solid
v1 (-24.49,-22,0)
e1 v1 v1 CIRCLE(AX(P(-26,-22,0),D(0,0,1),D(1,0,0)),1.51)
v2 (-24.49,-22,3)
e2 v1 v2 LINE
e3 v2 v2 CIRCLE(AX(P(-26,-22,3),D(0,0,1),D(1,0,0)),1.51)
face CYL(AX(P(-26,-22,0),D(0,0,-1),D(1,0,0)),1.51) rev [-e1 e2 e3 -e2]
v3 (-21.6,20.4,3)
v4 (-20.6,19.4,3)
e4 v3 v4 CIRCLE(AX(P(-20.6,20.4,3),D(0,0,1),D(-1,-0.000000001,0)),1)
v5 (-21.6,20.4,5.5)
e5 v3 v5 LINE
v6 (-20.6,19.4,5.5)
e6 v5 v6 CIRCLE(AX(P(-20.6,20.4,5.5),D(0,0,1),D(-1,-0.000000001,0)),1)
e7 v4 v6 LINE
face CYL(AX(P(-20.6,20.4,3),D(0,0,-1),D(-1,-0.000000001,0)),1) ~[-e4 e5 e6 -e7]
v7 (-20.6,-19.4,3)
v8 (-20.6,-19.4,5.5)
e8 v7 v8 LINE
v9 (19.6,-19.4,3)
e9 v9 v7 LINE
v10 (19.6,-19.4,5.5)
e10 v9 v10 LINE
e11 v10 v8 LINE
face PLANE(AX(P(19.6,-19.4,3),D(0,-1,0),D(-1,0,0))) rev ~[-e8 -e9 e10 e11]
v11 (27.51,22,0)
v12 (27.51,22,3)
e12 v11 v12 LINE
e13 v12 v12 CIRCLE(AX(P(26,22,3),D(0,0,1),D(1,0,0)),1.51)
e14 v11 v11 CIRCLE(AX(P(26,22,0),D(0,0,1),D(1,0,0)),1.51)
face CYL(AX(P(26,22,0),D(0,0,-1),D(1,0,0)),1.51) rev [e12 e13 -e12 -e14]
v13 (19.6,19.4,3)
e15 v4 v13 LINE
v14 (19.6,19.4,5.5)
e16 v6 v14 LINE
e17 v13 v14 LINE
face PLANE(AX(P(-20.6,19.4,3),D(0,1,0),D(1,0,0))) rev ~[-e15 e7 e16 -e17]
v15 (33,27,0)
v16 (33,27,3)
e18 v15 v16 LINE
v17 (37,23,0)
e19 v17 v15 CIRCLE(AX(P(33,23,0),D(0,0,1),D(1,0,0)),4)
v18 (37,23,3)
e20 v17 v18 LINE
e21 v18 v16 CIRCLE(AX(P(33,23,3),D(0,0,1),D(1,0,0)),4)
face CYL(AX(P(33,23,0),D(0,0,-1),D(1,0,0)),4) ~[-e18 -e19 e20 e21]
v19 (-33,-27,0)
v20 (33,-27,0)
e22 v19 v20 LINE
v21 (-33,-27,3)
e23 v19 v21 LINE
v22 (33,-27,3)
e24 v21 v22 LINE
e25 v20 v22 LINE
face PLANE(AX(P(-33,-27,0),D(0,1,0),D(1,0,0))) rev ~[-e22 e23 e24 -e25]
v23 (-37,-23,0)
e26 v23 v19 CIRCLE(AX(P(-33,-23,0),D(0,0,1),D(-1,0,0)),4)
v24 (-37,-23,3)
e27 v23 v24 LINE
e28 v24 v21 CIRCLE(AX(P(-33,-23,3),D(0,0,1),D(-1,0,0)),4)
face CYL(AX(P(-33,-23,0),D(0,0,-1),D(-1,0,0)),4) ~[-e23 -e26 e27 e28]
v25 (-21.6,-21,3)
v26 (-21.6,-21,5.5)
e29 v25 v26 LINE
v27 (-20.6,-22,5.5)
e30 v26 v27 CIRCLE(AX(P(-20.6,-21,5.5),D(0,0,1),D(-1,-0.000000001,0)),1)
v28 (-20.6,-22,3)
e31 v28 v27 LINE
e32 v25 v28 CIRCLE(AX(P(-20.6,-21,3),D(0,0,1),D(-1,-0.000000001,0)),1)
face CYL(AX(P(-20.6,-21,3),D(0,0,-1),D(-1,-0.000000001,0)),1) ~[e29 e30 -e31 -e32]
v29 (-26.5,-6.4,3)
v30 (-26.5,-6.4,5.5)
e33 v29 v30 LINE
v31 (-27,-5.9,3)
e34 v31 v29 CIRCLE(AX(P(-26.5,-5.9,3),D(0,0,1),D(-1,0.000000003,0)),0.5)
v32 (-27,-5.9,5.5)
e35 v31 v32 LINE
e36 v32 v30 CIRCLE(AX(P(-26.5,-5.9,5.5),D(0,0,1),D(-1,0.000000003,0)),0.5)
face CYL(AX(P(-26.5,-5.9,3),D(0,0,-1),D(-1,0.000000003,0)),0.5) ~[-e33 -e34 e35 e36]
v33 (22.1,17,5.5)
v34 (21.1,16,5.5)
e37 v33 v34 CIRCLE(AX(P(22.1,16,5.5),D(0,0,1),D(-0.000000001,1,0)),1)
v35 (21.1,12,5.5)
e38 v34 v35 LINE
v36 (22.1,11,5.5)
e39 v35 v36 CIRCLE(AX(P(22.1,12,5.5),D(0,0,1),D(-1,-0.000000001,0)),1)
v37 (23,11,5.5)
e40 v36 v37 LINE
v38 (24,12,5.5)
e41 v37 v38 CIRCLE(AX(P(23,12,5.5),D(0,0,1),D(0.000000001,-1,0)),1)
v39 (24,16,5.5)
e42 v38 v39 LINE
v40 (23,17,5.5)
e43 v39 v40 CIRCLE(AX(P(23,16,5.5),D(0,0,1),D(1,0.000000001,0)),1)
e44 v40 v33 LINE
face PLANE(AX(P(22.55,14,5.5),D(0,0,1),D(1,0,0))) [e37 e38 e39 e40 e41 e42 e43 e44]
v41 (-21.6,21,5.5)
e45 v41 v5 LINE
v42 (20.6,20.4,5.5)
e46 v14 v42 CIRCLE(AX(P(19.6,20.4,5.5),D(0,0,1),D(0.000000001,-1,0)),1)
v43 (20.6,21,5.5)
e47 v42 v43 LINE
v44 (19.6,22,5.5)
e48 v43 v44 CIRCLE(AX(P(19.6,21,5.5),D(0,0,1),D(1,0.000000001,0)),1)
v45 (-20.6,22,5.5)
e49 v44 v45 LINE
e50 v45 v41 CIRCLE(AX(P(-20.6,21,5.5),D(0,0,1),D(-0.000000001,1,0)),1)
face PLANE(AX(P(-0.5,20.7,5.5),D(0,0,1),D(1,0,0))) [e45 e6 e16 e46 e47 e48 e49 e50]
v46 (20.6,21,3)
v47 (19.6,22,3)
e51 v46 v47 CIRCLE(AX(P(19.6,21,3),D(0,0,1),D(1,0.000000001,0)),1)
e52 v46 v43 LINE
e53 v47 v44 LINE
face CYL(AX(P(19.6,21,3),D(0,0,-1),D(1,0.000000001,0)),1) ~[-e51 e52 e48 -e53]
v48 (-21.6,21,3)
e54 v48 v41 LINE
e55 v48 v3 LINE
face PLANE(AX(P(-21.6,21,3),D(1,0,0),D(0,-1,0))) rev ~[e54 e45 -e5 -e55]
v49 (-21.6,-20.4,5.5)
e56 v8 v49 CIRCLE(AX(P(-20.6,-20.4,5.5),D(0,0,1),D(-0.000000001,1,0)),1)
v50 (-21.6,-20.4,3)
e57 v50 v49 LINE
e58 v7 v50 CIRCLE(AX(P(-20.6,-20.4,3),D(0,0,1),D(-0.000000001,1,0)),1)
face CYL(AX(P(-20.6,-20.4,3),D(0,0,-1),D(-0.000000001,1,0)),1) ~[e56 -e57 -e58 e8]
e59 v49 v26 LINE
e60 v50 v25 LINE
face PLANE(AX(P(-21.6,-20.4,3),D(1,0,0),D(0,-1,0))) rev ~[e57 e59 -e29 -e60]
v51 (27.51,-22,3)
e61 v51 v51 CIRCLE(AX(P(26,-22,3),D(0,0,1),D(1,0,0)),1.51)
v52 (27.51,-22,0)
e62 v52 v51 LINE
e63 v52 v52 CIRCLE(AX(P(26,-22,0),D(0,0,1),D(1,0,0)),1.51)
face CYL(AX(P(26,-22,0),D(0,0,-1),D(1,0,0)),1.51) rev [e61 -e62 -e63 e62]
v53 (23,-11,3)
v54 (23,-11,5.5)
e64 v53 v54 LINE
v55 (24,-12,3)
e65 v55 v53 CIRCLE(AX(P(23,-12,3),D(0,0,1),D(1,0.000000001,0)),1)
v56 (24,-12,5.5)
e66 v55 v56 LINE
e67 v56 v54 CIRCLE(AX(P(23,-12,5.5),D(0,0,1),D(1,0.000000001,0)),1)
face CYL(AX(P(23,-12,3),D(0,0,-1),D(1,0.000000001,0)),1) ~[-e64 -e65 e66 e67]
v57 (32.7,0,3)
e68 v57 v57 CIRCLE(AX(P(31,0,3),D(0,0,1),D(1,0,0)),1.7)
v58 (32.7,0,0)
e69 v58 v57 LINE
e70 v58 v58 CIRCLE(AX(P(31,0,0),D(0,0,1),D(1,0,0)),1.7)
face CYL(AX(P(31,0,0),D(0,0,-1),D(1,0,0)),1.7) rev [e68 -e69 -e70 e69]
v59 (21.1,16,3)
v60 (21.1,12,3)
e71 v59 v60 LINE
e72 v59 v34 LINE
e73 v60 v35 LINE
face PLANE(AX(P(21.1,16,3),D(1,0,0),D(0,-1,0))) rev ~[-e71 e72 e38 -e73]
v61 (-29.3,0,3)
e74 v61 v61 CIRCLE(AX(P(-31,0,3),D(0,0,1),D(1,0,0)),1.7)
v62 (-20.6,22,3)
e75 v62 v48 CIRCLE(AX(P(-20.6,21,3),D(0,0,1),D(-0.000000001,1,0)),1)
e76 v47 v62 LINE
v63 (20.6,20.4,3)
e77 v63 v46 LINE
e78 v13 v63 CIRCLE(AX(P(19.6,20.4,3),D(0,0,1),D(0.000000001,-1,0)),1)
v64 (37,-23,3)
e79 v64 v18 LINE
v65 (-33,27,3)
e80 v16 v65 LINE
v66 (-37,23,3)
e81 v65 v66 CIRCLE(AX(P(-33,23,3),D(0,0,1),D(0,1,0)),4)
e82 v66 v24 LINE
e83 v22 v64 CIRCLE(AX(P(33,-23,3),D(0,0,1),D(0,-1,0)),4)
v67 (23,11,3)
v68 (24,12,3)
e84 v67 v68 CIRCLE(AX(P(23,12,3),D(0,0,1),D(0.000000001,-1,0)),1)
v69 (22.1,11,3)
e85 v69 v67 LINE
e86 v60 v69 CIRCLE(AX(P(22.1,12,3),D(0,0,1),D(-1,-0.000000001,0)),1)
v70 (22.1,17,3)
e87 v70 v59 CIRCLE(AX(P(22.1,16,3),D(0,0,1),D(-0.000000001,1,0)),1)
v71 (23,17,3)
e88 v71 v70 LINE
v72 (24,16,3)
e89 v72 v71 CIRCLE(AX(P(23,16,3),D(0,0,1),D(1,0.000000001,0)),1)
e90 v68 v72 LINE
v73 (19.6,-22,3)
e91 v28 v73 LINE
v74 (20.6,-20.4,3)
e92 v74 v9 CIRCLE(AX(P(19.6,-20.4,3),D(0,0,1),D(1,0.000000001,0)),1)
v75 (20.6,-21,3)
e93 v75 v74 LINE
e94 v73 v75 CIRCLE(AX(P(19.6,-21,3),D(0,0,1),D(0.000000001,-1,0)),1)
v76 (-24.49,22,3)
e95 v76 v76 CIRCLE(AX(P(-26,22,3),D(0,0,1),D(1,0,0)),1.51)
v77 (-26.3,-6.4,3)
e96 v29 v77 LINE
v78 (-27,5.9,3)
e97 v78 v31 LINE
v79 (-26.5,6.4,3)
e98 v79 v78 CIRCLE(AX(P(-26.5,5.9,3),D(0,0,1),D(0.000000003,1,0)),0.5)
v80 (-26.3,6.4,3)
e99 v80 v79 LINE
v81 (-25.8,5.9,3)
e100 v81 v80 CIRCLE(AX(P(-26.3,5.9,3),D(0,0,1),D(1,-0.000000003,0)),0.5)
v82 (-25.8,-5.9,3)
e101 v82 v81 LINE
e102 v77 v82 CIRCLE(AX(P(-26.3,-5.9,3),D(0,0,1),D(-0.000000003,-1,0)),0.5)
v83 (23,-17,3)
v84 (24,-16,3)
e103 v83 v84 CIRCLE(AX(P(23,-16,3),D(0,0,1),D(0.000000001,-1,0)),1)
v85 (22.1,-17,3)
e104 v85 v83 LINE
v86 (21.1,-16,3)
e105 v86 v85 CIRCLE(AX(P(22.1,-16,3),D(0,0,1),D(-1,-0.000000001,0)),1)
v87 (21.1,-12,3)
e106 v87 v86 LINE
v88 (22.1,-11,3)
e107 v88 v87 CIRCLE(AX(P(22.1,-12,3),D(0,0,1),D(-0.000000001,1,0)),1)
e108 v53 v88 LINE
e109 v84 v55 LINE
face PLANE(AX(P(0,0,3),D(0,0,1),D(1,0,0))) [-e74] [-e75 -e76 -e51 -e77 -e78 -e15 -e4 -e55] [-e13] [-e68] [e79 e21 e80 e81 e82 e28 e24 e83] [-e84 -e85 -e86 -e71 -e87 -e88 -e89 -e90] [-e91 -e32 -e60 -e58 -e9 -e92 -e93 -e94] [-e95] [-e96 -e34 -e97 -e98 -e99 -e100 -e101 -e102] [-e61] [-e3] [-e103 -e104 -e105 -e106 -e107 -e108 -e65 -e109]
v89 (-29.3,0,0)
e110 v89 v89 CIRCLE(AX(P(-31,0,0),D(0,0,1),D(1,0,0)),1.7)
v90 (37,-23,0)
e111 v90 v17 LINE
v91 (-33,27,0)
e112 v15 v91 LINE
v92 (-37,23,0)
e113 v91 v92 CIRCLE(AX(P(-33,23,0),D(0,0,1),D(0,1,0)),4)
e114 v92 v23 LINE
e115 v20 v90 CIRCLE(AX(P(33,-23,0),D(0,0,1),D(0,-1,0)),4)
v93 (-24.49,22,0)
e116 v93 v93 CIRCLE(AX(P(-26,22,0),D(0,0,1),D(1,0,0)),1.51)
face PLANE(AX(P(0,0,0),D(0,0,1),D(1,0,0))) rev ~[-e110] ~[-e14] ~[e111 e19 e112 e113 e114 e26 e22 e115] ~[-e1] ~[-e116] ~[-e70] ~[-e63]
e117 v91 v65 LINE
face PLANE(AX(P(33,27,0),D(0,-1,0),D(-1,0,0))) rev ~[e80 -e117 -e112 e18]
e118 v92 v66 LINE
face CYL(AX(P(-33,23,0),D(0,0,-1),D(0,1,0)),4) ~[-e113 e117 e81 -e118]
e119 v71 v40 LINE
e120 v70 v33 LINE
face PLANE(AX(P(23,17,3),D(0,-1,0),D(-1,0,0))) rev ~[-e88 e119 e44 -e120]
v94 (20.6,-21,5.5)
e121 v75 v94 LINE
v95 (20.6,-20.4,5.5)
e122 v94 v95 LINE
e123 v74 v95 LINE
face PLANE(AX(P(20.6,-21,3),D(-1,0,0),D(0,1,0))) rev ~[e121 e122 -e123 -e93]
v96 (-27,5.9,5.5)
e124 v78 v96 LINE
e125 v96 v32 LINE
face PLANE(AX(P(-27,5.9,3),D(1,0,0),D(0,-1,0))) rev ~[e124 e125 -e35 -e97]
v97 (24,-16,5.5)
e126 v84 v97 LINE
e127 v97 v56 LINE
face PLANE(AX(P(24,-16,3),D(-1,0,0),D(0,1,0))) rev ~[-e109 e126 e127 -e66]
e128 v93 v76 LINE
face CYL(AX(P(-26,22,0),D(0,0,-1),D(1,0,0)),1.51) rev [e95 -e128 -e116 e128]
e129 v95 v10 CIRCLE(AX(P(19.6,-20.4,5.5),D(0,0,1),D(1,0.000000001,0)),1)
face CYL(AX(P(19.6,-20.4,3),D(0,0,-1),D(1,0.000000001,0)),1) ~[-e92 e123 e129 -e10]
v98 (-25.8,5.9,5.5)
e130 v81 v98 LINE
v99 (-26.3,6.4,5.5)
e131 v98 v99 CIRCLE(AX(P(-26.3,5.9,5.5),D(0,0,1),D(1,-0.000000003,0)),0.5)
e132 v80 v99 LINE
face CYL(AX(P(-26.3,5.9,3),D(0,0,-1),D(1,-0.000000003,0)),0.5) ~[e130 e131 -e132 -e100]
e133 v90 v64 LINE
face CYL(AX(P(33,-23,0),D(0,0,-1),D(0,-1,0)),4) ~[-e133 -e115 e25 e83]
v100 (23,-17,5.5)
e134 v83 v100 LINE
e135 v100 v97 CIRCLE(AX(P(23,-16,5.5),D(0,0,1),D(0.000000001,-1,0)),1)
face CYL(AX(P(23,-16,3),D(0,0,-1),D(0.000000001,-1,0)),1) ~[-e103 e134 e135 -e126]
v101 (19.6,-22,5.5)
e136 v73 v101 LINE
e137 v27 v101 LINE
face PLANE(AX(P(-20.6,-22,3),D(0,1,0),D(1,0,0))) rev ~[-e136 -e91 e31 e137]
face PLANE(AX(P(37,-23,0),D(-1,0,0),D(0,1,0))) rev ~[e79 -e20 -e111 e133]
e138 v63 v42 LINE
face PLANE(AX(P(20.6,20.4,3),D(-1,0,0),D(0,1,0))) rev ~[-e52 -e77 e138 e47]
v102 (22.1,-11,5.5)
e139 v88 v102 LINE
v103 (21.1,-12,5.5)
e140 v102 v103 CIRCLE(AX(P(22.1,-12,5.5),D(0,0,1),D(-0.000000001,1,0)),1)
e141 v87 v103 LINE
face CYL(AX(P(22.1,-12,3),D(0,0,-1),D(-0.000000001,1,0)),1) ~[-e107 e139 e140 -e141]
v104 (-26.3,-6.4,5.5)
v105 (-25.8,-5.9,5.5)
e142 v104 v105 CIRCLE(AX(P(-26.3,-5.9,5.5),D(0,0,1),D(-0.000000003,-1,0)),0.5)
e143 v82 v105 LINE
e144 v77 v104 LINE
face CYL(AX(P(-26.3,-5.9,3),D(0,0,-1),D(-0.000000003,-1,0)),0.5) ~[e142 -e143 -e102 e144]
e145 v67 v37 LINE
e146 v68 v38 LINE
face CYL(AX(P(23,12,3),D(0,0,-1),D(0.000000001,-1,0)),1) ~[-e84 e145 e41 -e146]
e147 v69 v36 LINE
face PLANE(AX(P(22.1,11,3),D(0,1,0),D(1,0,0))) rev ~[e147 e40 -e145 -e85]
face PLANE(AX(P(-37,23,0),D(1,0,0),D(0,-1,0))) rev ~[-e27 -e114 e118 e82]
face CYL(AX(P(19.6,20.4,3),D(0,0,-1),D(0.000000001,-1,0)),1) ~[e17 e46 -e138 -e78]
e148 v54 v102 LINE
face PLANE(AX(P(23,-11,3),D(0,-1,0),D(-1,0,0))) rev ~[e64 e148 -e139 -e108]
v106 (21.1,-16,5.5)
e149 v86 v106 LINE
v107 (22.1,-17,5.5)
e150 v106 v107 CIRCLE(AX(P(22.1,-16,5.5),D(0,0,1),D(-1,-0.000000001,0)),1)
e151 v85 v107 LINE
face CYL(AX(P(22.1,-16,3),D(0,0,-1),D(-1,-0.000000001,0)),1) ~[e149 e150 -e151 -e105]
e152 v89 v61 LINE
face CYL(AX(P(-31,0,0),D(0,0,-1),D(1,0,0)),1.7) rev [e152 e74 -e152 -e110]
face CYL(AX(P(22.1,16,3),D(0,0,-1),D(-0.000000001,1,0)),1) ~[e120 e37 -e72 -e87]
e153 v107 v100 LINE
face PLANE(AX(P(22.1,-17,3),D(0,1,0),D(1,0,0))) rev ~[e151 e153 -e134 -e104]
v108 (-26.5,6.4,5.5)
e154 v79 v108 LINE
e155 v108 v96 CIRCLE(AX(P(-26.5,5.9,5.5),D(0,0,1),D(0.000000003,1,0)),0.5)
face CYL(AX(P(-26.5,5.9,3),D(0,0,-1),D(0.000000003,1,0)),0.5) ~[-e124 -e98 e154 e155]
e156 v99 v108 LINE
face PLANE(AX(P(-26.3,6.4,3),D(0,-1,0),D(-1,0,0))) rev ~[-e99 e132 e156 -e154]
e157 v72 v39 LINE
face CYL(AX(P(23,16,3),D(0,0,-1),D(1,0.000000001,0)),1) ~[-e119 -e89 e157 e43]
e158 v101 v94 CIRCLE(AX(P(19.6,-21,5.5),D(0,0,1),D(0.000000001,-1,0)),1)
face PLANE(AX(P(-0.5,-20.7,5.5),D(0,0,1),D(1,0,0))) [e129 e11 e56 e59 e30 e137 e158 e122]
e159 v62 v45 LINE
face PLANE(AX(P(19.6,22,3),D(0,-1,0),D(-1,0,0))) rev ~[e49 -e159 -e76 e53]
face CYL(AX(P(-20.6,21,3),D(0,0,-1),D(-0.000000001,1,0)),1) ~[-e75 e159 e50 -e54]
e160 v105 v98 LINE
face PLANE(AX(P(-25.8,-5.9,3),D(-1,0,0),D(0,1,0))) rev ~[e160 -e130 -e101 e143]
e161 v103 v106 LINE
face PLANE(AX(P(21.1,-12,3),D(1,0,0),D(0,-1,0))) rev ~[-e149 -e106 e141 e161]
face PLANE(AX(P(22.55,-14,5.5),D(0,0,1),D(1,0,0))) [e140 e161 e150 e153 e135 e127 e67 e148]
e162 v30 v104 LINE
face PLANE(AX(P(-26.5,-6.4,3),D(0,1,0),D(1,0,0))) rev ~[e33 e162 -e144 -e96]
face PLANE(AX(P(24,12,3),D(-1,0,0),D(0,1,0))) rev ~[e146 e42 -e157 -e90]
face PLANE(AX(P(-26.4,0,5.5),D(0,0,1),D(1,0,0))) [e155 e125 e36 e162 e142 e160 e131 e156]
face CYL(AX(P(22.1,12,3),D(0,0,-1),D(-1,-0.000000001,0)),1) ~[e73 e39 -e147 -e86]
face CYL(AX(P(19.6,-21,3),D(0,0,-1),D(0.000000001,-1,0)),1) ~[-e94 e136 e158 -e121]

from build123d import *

# Parameters (mm, degrees)
OUTER_BED_74X54X3_SKETCH_R        = 1.51
OUTER_BED_74X54X3_SKETCH_R_2      = 1.7
OUTER_BED_74X54X3_DEPTH           = 3
FACTORY_CASE_LOCATING_STOPS_START = 3
FACTORY_CASE_LOCATING_STOPS_DEPTH = 2.5


with BuildPart() as part:
    # Outer_bed_74x54x3_Sketch → Outer_bed_74x54x3 (new body)
    with BuildSketch(Plane.XY):
        with BuildLine():
            Line((-33, -27), (33, -27))
            ThreePointArc((33, -27), (35.828427125, -25.828427125), (37, -23))
            Line((37, -23), (37, 23))
            ThreePointArc((37, 23), (35.828427125, 25.828427125), (33, 27))
            Line((33, 27), (-33, 27))
            ThreePointArc((-33, 27), (-35.828427125, 25.828427125), (-37, 23))
            Line((-37, 23), (-37, -23))
            ThreePointArc((-37, -23), (-35.828427125, -25.828427125), (-33, -27))
        make_face()
        with Locations((-26, -22)):
            Circle(OUTER_BED_74X54X3_SKETCH_R, mode=Mode.SUBTRACT)
        with Locations((-26, 22)):
            Circle(OUTER_BED_74X54X3_SKETCH_R, mode=Mode.SUBTRACT)
        with Locations((26, -22)):
            Circle(OUTER_BED_74X54X3_SKETCH_R, mode=Mode.SUBTRACT)
        with Locations((26, 22)):
            Circle(OUTER_BED_74X54X3_SKETCH_R, mode=Mode.SUBTRACT)
        with Locations((-31, 0)):
            Circle(OUTER_BED_74X54X3_SKETCH_R_2, mode=Mode.SUBTRACT)
        with Locations((31, 0)):
            Circle(OUTER_BED_74X54X3_SKETCH_R_2, mode=Mode.SUBTRACT)
    extrude(amount=OUTER_BED_74X54X3_DEPTH)

    # Factory_case_locating_stops_Sketch → Factory_case_locating_stops (add)
    with BuildSketch(Plane.XY.offset(FACTORY_CASE_LOCATING_STOPS_START)):
        with BuildLine():
            Line((-20.6, -22), (19.6, -22))
            ThreePointArc((19.6, -22), (20.307106781, -21.707106781), (20.6, -21))
            Line((20.6, -21), (20.6, -20.4))
            ThreePointArc((20.6, -20.4), (20.307106781, -19.692893219), (19.6, -19.4))
            Line((19.6, -19.4), (-20.6, -19.4))
            ThreePointArc((-20.6, -19.4), (-21.307106781, -19.692893219), (-21.6, -20.4))
            Line((-21.6, -20.4), (-21.6, -21))
            ThreePointArc((-21.6, -21), (-21.307106781, -21.707106781), (-20.6, -22))
        make_face()
        with BuildLine():
            Line((-20.6, 19.4), (19.6, 19.4))
            ThreePointArc((19.6, 19.4), (20.307106781, 19.692893219), (20.6, 20.4))
            Line((20.6, 20.4), (20.6, 21))
            ThreePointArc((20.6, 21), (20.307106781, 21.707106781), (19.6, 22))
            Line((19.6, 22), (-20.6, 22))
            ThreePointArc((-20.6, 22), (-21.307106781, 21.707106781), (-21.6, 21))
            Line((-21.6, 21), (-21.6, 20.4))
            ThreePointArc((-21.6, 20.4), (-21.307106781, 19.692893219), (-20.6, 19.4))
        make_face()
        with BuildLine():
            Line((-26.5, -6.4), (-26.3, -6.4))
            ThreePointArc((-26.3, -6.4), (-25.946446609, -6.253553391), (-25.8, -5.9))
            Line((-25.8, -5.9), (-25.8, 5.9))
            ThreePointArc((-25.8, 5.9), (-25.946446609, 6.253553391), (-26.3, 6.4))
            Line((-26.3, 6.4), (-26.5, 6.4))
            ThreePointArc((-26.5, 6.4), (-26.853553391, 6.253553391), (-27, 5.9))
            Line((-27, 5.9), (-27, -5.9))
            ThreePointArc((-27, -5.9), (-26.853553391, -6.253553391), (-26.5, -6.4))
        make_face()
        with BuildLine():
            Line((22.1, -17), (23, -17))
            ThreePointArc((23, -17), (23.707106781, -16.707106781), (24, -16))
            Line((24, -16), (24, -12))
            ThreePointArc((24, -12), (23.707106781, -11.292893219), (23, -11))
            Line((23, -11), (22.1, -11))
            ThreePointArc((22.1, -11), (21.392893219, -11.292893219), (21.1, -12))
            Line((21.1, -12), (21.1, -16))
            ThreePointArc((21.1, -16), (21.392893219, -16.707106781), (22.1, -17))
        make_face()
        with BuildLine():
            Line((22.1, 11), (23, 11))
            ThreePointArc((23, 11), (23.707106781, 11.292893219), (24, 12))
            Line((24, 12), (24, 16))
            ThreePointArc((24, 16), (23.707106781, 16.707106781), (23, 17))
            Line((23, 17), (22.1, 17))
            ThreePointArc((22.1, 17), (21.392893219, 16.707106781), (21.1, 16))
            Line((21.1, 16), (21.1, 12))
            ThreePointArc((21.1, 12), (21.392893219, 11.292893219), (22.1, 11))
        make_face()
    extrude(amount=FACTORY_CASE_LOCATING_STOPS_DEPTH)


solid = part.part
